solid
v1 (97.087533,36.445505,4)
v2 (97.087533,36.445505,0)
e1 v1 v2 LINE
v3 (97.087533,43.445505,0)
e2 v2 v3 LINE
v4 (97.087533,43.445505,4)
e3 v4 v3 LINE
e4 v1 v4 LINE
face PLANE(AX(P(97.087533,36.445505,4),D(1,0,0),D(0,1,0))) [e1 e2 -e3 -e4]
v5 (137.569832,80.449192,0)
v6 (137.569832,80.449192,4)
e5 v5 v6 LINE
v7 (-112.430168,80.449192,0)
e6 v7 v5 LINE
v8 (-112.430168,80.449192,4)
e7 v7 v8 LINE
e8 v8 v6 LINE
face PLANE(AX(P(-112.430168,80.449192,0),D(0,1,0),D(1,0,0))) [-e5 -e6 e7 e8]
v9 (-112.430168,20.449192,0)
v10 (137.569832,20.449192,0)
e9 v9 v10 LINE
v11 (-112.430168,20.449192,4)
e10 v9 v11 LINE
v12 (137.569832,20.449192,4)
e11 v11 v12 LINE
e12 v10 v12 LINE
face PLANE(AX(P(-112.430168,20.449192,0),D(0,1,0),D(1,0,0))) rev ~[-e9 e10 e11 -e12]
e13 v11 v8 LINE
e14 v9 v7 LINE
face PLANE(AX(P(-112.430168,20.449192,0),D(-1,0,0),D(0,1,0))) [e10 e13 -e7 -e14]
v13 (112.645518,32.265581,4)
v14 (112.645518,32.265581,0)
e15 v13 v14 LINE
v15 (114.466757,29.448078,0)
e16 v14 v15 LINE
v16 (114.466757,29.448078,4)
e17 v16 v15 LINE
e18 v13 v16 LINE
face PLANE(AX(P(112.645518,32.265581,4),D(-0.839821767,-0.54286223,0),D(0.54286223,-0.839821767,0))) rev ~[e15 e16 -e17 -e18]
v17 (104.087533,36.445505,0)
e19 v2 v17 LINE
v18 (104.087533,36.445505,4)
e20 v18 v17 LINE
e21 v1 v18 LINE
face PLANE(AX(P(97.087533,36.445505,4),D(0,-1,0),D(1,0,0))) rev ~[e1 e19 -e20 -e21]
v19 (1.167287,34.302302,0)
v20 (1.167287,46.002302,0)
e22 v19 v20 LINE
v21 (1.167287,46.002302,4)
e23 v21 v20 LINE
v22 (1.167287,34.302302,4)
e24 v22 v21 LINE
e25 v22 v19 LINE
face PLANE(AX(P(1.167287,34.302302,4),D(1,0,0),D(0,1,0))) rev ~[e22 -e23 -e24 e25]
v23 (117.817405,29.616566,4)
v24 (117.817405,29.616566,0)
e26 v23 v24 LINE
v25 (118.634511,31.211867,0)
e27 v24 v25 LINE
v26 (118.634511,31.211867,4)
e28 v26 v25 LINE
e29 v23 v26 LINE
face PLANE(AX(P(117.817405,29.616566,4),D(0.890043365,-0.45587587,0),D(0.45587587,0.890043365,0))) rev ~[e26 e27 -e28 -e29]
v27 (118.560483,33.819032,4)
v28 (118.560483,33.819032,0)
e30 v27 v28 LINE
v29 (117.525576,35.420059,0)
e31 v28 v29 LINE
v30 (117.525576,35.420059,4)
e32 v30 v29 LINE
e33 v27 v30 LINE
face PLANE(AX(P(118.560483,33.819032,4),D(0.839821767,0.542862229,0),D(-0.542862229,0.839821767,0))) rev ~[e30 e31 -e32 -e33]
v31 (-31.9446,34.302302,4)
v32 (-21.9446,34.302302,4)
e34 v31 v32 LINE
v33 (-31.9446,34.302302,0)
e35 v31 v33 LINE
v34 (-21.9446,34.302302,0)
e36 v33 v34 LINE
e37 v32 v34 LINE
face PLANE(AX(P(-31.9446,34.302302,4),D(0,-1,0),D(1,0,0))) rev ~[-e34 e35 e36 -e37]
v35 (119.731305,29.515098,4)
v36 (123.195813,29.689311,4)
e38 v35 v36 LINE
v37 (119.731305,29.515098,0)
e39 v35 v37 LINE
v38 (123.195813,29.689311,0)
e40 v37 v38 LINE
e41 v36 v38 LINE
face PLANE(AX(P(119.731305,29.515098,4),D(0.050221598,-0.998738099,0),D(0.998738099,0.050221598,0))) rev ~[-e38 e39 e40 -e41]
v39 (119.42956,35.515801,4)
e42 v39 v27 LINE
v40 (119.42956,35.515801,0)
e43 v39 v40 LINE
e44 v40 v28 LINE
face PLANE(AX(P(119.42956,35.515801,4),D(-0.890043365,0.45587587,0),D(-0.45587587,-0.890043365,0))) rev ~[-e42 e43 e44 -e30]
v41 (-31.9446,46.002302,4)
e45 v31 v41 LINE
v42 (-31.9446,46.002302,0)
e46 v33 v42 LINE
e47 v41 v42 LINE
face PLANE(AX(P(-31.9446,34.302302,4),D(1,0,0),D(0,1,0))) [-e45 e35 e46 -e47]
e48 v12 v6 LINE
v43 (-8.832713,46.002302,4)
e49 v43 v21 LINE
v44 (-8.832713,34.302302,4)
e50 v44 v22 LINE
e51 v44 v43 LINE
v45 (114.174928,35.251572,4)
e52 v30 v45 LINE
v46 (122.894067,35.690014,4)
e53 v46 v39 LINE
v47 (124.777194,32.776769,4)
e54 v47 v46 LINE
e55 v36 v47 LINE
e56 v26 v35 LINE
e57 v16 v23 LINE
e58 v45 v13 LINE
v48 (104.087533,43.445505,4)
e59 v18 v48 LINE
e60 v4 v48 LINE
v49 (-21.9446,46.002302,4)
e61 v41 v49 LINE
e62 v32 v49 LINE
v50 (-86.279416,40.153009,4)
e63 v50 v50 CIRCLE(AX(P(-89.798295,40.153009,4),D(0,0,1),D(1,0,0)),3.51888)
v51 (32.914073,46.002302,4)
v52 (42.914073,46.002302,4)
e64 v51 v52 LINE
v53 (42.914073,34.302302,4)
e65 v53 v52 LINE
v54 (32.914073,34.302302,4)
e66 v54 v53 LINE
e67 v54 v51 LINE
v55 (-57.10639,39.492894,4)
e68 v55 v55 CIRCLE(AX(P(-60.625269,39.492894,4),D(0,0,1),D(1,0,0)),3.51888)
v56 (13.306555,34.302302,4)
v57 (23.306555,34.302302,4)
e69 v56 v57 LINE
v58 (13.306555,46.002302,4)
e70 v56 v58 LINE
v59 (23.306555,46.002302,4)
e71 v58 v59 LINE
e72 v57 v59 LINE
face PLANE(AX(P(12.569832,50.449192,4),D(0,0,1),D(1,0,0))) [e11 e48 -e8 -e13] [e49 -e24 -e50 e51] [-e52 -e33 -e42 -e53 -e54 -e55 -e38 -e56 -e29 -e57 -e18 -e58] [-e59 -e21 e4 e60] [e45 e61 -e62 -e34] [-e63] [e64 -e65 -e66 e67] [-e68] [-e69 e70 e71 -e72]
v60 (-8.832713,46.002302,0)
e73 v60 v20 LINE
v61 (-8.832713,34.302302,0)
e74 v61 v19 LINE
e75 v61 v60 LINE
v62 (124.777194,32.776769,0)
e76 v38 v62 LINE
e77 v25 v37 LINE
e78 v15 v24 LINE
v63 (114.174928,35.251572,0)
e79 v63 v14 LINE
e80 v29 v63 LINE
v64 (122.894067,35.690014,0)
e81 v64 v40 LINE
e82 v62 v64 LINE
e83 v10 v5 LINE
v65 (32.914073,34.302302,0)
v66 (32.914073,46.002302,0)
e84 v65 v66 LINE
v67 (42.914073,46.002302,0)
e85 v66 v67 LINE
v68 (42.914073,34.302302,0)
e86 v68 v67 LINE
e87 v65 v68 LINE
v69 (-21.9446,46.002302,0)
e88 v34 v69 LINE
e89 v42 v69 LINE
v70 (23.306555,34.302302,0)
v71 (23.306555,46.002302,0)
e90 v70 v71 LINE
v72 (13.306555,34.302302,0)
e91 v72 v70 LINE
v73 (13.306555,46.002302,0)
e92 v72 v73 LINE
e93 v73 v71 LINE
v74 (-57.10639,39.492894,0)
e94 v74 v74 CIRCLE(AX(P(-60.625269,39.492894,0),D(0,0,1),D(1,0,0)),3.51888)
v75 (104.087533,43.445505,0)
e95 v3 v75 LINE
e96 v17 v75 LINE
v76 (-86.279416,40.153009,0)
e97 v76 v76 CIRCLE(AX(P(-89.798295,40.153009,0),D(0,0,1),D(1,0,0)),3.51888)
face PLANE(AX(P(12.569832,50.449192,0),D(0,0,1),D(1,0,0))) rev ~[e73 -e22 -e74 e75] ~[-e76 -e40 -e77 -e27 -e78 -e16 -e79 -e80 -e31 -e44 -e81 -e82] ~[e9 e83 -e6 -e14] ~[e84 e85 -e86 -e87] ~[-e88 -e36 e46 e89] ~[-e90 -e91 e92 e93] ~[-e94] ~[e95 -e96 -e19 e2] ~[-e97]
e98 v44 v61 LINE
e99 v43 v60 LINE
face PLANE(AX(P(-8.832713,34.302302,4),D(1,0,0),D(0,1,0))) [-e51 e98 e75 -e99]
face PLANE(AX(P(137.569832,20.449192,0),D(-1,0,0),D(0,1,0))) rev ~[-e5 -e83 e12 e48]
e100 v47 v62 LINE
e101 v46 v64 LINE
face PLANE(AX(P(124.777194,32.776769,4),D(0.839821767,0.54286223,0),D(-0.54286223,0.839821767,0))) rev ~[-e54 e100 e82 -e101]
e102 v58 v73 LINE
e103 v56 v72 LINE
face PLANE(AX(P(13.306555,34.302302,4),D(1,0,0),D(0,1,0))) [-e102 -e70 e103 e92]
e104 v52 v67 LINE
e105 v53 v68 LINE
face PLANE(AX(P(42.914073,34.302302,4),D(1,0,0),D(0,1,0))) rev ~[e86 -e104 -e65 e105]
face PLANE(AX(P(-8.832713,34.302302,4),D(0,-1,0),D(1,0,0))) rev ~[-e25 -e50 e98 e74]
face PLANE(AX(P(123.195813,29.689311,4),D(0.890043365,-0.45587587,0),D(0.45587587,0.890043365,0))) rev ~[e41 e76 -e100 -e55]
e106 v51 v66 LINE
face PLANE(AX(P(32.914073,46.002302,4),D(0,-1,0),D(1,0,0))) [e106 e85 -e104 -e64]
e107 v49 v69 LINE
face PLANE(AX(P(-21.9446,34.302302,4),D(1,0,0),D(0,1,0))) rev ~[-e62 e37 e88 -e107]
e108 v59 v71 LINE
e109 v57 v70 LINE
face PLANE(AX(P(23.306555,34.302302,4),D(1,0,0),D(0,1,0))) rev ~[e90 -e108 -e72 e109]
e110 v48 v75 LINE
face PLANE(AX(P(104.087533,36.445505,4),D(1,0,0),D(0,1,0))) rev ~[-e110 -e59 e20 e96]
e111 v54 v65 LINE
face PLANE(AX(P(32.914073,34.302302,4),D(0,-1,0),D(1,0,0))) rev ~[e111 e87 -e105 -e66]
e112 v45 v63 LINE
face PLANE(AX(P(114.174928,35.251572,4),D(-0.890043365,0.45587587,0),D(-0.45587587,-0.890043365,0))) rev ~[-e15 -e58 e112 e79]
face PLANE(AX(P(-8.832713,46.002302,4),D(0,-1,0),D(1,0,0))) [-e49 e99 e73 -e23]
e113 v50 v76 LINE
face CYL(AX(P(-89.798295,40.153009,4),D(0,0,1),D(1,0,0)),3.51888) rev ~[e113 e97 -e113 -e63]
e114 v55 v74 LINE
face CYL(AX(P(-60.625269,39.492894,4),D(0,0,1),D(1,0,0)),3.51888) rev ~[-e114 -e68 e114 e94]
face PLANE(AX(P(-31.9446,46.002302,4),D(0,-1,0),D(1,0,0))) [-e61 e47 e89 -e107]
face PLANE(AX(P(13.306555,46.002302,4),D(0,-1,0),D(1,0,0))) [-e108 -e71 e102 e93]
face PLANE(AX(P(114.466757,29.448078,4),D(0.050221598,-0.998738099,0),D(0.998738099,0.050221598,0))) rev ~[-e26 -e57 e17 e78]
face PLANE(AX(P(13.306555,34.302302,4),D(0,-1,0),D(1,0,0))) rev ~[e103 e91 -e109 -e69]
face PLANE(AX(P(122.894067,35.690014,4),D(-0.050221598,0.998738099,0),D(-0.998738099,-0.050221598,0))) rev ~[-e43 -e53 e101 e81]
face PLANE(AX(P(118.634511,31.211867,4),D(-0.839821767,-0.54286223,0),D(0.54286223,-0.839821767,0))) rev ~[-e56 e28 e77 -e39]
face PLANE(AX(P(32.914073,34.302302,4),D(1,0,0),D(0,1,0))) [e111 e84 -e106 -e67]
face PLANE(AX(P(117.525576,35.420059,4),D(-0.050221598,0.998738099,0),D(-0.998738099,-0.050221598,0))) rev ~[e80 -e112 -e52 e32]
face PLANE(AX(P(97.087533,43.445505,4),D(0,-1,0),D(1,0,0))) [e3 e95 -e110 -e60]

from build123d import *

# Parameters (mm, degrees)
SKETCH1_W           = 250
SKETCH1_H           = 60
BOSS_EXTRUDE1_DEPTH = 4
SKETCH3_R           = 3.51887986
CUT_EXTRUDE1_DEPTH  = 10
SKETCH4_W           = 10
SKETCH4_H           = 11.7
CUT_EXTRUDE2_DEPTH  = 10
SKETCH5_W           = 7
SKETCH5_H           = 7
CUT_EXTRUDE3_DEPTH  = 10
CUT_EXTRUDE4_DEPTH  = 10


with BuildPart() as part:
    # Sketch1 → Boss-Extrude1 (new body)
    with BuildSketch(Plane.XY):
        with Locations((12.569832402, 50.449192367)):
            Rectangle(SKETCH1_W, SKETCH1_H)
    extrude(amount=BOSS_EXTRUDE1_DEPTH)

    # Sketch3 → Cut-Extrude1 (cut)
    with BuildSketch(Plane.XY.offset(4)):
        with Locations((-89.798295426, 40.153008957)):
            Circle(SKETCH3_R)
        with Locations((-117.322145335, -107.100984963)):
            Circle(SKETCH3_R)
        with Locations((-60.625269482, 39.492893663)):
            Circle(SKETCH3_R)
    extrude(amount=-CUT_EXTRUDE1_DEPTH, mode=Mode.SUBTRACT)

    # Sketch4 → Cut-Extrude2 (cut)
    with BuildSketch(Plane.XY.offset(4)):
        with Locations((-3.832712542, 40.15230201)):
            Rectangle(SKETCH4_W, SKETCH4_H)
        with Locations((-26.944599832, 40.15230201)):
            Rectangle(SKETCH4_W, SKETCH4_H)
        with Locations((37.914072819, 40.15230201)):
            Rectangle(SKETCH4_W, SKETCH4_H)
        with Locations((18.306555148, 40.15230201)):
            Rectangle(SKETCH4_W, SKETCH4_H)
    extrude(amount=-CUT_EXTRUDE2_DEPTH, mode=Mode.SUBTRACT)

    # Sketch5 → Cut-Extrude3 (cut)
    with BuildSketch(Plane.XY.offset(4)):
        with Locations((100.58753259, 39.945504984)):
            Rectangle(SKETCH5_W, SKETCH5_H)
    extrude(amount=-CUT_EXTRUDE3_DEPTH, mode=Mode.SUBTRACT)

    # Sketch6 → Cut-Extrude4 (cut)
    with BuildSketch(Plane.XY.offset(4)):
        Polygon((118.560482945, 33.81903225), (117.525576266, 35.420059377), (114.174927615, 35.251571832), (112.645517783, 32.265581209), (114.466756603, 29.44807813), (117.817405254, 29.616565675), (118.634511019, 31.211867406), (117.848178879, 32.428343358), align=None)
        Polygon((119.42955977, 35.515801288), (118.560482945, 33.81903225), (119.346815086, 32.602556298), (118.634511019, 31.211867406), (119.731305434, 29.515098368), (123.19581288, 29.689311308), (124.777193772, 32.776769239), (122.894067216, 35.690014229), align=None)
        Polygon((119.346815086, 32.602556298), (118.560482945, 33.81903225), (117.848178879, 32.428343358), (118.634511019, 31.211867406), align=None)
    extrude(amount=-CUT_EXTRUDE4_DEPTH, mode=Mode.SUBTRACT)


solid = part.part
